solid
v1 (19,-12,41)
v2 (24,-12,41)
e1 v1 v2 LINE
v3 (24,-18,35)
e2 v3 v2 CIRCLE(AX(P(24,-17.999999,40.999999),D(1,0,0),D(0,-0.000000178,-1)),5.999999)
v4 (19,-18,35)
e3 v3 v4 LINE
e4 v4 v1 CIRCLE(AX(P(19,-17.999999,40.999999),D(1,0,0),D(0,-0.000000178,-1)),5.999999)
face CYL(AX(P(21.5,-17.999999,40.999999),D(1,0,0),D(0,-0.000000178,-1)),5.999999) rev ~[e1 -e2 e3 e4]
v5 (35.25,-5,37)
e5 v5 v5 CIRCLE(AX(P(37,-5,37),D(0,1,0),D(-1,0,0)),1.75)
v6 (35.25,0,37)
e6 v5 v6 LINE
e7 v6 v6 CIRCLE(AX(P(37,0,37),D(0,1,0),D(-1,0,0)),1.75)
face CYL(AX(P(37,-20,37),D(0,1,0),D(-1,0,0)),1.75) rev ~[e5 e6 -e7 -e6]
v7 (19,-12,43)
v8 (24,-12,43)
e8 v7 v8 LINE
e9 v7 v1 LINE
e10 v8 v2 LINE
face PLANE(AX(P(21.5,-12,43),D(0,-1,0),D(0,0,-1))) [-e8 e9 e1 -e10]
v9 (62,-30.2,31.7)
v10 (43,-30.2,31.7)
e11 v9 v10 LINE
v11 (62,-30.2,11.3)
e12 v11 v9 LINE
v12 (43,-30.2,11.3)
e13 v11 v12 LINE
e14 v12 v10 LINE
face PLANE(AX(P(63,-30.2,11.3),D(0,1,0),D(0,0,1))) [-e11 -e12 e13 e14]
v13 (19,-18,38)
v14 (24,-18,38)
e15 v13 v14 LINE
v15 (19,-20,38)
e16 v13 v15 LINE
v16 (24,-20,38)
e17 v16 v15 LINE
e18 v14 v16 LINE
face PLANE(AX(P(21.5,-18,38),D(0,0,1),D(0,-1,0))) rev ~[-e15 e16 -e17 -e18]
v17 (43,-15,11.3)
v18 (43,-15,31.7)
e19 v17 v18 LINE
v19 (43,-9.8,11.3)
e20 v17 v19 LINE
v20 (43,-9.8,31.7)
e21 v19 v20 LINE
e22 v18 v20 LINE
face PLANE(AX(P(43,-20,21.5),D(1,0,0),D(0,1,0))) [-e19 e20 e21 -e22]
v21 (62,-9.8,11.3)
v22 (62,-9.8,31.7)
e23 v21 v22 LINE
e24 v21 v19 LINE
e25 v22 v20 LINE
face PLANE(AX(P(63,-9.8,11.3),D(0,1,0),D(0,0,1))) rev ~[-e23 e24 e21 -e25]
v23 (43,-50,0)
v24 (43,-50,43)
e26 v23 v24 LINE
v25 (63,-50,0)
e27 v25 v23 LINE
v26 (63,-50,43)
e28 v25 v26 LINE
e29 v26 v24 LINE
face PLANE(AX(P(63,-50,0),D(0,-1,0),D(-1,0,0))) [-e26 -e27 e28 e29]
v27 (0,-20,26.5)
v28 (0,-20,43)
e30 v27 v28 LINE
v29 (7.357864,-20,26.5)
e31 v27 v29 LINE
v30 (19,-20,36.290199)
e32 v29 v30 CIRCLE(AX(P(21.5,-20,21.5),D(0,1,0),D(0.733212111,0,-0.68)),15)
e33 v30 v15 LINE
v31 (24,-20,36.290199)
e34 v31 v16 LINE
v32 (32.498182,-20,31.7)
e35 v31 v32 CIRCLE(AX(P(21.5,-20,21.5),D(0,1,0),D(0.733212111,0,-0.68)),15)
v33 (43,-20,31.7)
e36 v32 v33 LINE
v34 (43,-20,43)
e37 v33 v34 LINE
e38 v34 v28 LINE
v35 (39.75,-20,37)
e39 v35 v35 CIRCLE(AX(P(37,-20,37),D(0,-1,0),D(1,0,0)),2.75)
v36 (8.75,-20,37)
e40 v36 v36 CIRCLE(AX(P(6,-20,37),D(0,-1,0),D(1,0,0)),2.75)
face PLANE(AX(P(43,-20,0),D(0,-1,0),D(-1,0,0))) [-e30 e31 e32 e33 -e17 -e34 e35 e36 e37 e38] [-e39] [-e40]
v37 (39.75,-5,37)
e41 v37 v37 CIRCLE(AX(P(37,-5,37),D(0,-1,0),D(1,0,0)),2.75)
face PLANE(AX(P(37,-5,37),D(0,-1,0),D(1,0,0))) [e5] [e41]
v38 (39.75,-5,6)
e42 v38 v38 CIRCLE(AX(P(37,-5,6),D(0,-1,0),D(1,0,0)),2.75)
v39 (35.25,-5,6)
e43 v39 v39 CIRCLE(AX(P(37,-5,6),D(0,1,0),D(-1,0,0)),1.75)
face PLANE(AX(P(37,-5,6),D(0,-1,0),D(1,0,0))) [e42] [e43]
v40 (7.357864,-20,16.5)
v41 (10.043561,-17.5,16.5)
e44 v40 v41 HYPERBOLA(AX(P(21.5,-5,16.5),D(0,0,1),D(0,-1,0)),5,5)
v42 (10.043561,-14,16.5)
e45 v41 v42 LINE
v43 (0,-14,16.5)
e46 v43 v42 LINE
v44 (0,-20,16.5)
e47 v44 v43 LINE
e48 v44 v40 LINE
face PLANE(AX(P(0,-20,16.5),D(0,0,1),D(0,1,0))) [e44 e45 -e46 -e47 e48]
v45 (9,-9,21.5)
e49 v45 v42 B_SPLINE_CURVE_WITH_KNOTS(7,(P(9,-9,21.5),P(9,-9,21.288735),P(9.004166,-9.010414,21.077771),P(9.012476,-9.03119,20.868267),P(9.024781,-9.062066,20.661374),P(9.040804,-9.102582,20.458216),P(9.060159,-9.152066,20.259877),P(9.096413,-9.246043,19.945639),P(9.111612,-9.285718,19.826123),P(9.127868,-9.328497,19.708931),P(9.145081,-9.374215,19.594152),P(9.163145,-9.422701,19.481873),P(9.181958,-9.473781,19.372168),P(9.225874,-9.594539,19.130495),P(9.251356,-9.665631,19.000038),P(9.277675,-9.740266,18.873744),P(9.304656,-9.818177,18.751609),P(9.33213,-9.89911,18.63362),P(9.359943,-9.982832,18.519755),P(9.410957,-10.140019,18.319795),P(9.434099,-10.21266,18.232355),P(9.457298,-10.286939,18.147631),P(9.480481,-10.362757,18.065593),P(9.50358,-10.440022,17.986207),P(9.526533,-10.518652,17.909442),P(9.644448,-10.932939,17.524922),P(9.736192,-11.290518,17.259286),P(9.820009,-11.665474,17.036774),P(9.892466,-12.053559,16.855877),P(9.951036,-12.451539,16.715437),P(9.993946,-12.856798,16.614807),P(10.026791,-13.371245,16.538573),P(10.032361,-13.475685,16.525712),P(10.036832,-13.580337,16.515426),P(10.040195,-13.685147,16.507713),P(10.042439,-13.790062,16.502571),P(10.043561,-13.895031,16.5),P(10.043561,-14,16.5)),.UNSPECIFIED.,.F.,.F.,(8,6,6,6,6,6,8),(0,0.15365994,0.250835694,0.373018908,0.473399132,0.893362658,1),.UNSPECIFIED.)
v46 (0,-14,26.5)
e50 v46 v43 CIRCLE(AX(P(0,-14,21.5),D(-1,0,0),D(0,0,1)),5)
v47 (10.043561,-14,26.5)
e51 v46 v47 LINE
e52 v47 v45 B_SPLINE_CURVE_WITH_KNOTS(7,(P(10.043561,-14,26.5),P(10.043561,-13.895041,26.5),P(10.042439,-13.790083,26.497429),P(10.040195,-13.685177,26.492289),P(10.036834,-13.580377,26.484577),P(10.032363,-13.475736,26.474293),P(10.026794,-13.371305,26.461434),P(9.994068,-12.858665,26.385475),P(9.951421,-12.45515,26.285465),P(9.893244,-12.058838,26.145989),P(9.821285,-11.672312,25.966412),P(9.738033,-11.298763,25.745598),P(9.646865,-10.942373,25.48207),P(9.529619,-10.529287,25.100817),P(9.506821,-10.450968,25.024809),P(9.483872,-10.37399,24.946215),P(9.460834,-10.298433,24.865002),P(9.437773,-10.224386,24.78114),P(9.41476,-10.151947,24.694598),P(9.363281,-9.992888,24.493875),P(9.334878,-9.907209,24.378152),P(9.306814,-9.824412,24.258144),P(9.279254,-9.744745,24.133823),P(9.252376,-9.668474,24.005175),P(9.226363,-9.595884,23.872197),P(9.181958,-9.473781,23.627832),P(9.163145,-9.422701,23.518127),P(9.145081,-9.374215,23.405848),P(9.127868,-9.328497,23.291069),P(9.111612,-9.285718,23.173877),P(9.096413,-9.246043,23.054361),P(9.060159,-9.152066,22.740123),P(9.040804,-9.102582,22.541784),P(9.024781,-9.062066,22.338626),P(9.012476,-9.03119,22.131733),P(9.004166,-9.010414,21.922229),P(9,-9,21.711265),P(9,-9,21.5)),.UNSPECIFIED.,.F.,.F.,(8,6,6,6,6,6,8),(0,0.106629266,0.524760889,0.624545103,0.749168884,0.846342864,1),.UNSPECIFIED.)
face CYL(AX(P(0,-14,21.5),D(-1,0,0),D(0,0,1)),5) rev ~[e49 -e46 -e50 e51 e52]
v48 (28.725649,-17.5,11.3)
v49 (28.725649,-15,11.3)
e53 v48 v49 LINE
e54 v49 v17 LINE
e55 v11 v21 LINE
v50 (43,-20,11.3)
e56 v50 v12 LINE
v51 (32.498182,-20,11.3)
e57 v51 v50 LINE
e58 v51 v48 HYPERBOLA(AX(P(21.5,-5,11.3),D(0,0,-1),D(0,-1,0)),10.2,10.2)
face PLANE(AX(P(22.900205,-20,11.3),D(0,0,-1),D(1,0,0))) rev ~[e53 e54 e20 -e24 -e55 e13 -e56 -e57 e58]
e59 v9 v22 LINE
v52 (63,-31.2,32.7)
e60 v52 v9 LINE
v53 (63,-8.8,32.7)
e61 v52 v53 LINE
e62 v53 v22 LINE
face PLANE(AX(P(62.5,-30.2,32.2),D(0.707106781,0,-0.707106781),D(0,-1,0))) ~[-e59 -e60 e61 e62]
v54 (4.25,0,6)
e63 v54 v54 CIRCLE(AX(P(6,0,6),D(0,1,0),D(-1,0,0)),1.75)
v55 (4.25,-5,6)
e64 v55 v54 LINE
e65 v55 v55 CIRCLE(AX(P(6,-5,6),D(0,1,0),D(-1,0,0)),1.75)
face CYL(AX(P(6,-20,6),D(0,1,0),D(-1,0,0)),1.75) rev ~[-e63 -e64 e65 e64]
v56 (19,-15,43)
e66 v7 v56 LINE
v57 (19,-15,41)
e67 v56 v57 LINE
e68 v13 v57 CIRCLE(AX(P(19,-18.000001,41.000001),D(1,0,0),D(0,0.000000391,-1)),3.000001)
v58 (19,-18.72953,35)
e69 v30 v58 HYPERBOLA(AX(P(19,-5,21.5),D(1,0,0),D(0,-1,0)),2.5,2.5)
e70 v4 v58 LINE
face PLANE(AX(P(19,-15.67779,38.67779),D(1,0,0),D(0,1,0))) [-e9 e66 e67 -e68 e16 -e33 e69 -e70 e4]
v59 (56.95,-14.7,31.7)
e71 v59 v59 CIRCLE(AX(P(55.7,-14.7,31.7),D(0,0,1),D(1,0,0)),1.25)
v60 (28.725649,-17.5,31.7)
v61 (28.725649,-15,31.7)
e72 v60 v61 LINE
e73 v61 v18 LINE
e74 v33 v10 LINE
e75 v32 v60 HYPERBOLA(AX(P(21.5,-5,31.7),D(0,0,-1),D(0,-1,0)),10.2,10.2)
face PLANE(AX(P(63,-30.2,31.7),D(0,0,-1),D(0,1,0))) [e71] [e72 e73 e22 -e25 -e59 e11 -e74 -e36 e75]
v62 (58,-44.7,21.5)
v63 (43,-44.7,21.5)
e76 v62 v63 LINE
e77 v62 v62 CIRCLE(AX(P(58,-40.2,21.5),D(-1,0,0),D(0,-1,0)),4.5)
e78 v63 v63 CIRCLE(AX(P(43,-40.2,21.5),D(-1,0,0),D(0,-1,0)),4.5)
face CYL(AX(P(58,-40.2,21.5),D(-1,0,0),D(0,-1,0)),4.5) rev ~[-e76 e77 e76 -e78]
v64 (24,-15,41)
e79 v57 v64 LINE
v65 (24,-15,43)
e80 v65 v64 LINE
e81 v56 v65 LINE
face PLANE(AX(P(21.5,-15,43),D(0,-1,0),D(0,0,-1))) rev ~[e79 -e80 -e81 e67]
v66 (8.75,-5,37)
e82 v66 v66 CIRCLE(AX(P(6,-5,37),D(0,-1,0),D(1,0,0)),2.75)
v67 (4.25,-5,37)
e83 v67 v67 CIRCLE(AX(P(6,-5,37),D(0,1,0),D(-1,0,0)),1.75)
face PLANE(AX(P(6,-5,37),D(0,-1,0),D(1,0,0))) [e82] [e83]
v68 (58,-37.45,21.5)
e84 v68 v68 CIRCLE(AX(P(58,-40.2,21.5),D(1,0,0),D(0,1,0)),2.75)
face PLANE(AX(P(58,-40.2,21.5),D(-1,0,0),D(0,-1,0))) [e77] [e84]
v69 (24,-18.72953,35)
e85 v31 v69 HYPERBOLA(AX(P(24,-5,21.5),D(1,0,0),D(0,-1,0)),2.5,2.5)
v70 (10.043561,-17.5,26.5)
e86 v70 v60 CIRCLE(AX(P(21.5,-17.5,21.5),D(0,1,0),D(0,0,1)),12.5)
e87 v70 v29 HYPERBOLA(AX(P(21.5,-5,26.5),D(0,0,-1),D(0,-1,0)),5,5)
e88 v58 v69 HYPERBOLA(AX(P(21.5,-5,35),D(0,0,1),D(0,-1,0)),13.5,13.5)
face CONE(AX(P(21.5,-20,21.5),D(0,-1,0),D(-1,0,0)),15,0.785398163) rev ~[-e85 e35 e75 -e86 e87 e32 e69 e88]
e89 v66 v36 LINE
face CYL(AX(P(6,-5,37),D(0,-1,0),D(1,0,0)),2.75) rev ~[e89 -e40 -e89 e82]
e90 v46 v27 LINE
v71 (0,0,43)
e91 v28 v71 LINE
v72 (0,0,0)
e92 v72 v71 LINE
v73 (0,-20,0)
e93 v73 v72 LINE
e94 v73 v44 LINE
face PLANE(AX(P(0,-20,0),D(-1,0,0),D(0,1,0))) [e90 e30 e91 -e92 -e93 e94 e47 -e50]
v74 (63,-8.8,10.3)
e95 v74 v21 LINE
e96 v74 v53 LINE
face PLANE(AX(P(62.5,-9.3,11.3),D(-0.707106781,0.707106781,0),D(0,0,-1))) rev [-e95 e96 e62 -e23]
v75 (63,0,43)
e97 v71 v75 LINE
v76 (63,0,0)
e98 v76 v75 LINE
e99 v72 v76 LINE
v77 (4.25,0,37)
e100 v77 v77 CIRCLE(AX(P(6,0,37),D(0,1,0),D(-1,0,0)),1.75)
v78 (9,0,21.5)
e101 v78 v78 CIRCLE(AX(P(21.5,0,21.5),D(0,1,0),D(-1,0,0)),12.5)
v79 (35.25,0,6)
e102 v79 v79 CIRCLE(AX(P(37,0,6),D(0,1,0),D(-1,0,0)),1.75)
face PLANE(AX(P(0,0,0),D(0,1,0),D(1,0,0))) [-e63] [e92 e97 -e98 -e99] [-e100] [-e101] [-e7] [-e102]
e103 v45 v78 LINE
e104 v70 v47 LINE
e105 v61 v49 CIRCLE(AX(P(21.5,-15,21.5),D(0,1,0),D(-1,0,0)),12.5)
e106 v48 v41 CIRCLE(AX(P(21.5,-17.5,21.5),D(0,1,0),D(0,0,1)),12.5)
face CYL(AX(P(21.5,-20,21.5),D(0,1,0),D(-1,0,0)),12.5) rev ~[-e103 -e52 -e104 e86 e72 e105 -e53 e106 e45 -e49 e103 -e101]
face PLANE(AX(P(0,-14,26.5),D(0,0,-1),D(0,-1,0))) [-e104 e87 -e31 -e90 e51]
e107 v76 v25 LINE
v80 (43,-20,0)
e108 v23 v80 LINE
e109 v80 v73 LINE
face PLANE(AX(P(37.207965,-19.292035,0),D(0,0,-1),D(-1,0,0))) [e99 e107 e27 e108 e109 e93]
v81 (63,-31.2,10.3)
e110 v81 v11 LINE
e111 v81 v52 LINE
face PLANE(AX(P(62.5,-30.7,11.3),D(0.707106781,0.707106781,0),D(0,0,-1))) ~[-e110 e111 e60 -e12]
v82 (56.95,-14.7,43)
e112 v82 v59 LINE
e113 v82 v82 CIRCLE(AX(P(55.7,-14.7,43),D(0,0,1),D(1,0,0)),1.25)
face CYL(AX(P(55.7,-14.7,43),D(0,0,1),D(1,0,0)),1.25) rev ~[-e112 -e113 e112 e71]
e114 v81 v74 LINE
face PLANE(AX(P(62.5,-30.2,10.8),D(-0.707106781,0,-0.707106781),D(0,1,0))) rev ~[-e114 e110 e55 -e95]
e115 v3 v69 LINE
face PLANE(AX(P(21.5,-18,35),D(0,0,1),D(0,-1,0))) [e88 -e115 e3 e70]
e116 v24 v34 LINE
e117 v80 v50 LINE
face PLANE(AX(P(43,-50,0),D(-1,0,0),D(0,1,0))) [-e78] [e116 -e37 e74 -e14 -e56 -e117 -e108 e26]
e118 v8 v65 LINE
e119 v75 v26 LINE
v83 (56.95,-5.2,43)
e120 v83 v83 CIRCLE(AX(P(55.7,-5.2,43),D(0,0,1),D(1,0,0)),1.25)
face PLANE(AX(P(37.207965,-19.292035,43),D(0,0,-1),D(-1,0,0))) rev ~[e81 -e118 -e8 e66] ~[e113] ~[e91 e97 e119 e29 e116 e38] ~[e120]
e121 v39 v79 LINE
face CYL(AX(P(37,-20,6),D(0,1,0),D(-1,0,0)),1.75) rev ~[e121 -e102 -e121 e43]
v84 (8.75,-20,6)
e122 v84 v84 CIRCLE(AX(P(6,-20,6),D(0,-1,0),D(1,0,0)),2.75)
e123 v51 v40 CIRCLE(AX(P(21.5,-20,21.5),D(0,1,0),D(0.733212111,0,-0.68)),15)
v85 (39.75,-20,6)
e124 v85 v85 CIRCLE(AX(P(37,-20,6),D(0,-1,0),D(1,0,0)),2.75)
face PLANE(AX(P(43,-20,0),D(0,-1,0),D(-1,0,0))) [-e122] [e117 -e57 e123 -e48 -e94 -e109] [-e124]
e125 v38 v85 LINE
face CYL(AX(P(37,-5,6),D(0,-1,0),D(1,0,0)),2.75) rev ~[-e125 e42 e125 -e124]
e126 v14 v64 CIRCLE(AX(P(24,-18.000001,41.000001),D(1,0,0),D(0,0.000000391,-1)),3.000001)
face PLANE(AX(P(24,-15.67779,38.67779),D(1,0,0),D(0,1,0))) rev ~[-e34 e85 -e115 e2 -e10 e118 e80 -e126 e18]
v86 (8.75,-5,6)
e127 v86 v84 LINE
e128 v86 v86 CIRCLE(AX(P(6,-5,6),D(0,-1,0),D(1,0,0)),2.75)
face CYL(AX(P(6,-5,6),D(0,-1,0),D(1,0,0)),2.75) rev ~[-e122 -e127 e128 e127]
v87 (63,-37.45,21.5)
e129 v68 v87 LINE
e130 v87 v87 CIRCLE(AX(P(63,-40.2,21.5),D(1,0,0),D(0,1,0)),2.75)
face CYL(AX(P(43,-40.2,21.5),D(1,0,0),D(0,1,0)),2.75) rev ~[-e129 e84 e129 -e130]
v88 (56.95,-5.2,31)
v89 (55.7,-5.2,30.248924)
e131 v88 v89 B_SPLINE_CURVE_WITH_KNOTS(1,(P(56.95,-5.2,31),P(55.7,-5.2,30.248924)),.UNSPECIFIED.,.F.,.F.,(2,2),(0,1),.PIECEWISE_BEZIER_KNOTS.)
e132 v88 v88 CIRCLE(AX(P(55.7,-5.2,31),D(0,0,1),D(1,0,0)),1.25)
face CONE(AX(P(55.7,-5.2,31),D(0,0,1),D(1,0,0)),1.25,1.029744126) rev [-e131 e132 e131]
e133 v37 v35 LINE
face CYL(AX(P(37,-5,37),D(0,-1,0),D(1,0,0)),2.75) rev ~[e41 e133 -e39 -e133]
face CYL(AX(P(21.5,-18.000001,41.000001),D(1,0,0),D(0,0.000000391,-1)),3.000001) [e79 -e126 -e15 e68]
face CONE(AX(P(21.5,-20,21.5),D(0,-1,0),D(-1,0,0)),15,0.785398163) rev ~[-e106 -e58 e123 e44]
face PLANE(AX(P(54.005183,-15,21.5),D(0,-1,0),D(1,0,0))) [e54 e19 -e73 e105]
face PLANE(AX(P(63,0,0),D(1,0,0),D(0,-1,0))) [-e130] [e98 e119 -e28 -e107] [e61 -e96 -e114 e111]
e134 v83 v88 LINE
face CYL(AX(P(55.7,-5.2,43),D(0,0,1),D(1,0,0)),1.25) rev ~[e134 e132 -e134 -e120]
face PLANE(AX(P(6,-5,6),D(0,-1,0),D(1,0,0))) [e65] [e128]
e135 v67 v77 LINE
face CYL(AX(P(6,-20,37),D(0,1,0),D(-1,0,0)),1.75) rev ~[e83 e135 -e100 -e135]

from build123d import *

# Parameters (mm, degrees)
PAD_DEPTH           = 43
HOLE_D              = 25
HOLE_CSINK_D        = 30
HOLE_CSINK_ANGLE    = 90
HOLE001_D           = 3.5
HOLE001_CBORE_D     = 5.5
HOLE001_CBORE_DEPTH = 15
SKETCH003_W         = 62.209956
SKETCH003_H         = 20.4
POCKET_DEPTH        = 5
POCKET_DEPTH_BACK   = 5
POCKET001_DEPTH     = 20
SKETCH005_W         = 20.4
SKETCH005_H         = 20.4
POCKET002_DEPTH     = 20
HOLE002_D           = 5.5
HOLE002_DEPTH       = 25
HOLE002_CBORE_D     = 9
HOLE002_CBORE_DEPTH = 15
CHAMFER_SIZE        = 1
SKETCH007_R         = 1.25
HOLE003_DEPTH       = 12
HOLE003_TIPS_R      = 1.25
POCKET003_DEPTH     = 2.5


with BuildPart() as part:
    # Sketch → Pad (new body)
    with BuildSketch(Plane.XY):
        Polygon((43, -20), (0, -20), (0, 0), (63, 0), (63, -50), (43, -50), align=None)
    extrude(amount=PAD_DEPTH)

    # Hole (through all)
    with Locations(Plane.XZ.offset(20)):
        with Locations((21.5, 21.5)):
            CounterSinkHole(HOLE_D / 2, HOLE_CSINK_D / 2, counter_sink_angle=HOLE_CSINK_ANGLE)

    # Hole001 (through all)
    with Locations(Plane.XZ.offset(20)):
        with Locations((6, 37), (37, 37), (37, 6), (6, 6)):
            CounterBoreHole(HOLE001_D / 2, HOLE001_CBORE_D / 2, HOLE001_CBORE_DEPTH)

    # Sketch003 (on Face1 of Hole001) → Pocket (cut, two sides)
    with BuildSketch(Plane.XZ.offset(20)) as pocket_sk:
        with Locations((54.005183, 21.5)):
            Rectangle(SKETCH003_W, SKETCH003_H)
    extrude(amount=-POCKET_DEPTH, mode=Mode.SUBTRACT)
    extrude(pocket_sk.sketch, amount=POCKET_DEPTH_BACK, mode=Mode.SUBTRACT)

    # Sketch004 (on Face3 of Pocket) → Pocket001 (cut)
    with BuildSketch(Plane(origin=(0, 0, 0), x_dir=(0, -1, 0), z_dir=(-1, 0, 0))):
        with BuildLine():
            ThreePointArc((14, 26.5), (9, 21.5), (14, 16.5))
            Line((20, 16.5), (14, 16.5))
            Line((20, 26.5), (20, 16.5))
            Line((14, 26.5), (20, 26.5))
        make_face()
    extrude(amount=-POCKET001_DEPTH, mode=Mode.SUBTRACT)

    # Sketch005 (on Face11 of Pocket001) → Pocket002 (cut)
    with BuildSketch(Plane.YZ.offset(63)):
        with Locations((-20, 21.5)):
            Rectangle(SKETCH005_W, SKETCH005_H)
    extrude(amount=-POCKET002_DEPTH, mode=Mode.SUBTRACT)

    # Hole002
    with Locations(Plane(origin=(43, 0, 0), x_dir=(0, -1, 0), z_dir=(-1, 0, 0))):
        with Locations((40.2, 21.5)):
            CounterBoreHole(HOLE002_D / 2, HOLE002_CBORE_D / 2, HOLE002_CBORE_DEPTH, depth=HOLE002_DEPTH)

    # Chamfer
    chamfer_edges = [part.edges().sort_by_distance(p)[0] for p in [
        (63, -27.6, 31.7),
        (63, -30.2, 21.5),
        (63, -20, 31.7),
        (63, -12.4, 31.7),
        (63, -9.8, 21.5),
        (63, -12.4, 11.3),
        (63, -20, 11.3),
        (63, -27.6, 11.3),
    ]]
    chamfer(chamfer_edges, length=CHAMFER_SIZE)

    # Sketch007 (on Face12 of Chamfer) → Hole003 (cut)
    with BuildSketch(Plane.XY.offset(43)):
        with Locations((55.7, -5.2)):
            Circle(SKETCH007_R)
        with Locations((55.7, -14.7)):
            Circle(SKETCH007_R)
    extrude(amount=-HOLE003_DEPTH, mode=Mode.SUBTRACT)

    # Hole003 tips → Hole003 tip 1 section 0
    with BuildSketch(Plane.XY.offset(31), mode=Mode.PRIVATE) as hole003_tip_1_s0:
        with Locations((55.7, -5.2)):
            Circle(HOLE003_TIPS_R)
    loft([hole003_tip_1_s0.sketch, Vertex(55.7, -5.2, 30.248924)], mode=Mode.SUBTRACT)

    # Hole003 tips → Hole003 tip 2 section 0
    with BuildSketch(Plane.XY.offset(31), mode=Mode.PRIVATE) as hole003_tip_2_s0:
        with Locations((55.7, -14.7)):
            Circle(HOLE003_TIPS_R)
    loft([hole003_tip_2_s0.sketch, Vertex(55.7, -14.7, 30.248924)], mode=Mode.SUBTRACT)

    # Sketch008 → Pocket003 (cut, symmetric)
    with BuildSketch(Plane.YZ.offset(21.5)):
        with BuildLine():
            ThreePointArc((-18, 35), (-13.757359, 36.757359), (-12, 41))
            Line((-12, 43), (-12, 41))
            Line((-12, 43), (-15, 43))
            Line((-15, 43), (-15, 41))
            ThreePointArc((-18, 38), (-15.87868, 38.87868), (-15, 41))
            Line((-18, 38), (-20, 38))
            Line((-20, 35), (-20, 38))
            Line((-18, 35), (-20, 35))
        make_face()
    extrude(amount=POCKET003_DEPTH, both=True, mode=Mode.SUBTRACT)


solid = part.part
